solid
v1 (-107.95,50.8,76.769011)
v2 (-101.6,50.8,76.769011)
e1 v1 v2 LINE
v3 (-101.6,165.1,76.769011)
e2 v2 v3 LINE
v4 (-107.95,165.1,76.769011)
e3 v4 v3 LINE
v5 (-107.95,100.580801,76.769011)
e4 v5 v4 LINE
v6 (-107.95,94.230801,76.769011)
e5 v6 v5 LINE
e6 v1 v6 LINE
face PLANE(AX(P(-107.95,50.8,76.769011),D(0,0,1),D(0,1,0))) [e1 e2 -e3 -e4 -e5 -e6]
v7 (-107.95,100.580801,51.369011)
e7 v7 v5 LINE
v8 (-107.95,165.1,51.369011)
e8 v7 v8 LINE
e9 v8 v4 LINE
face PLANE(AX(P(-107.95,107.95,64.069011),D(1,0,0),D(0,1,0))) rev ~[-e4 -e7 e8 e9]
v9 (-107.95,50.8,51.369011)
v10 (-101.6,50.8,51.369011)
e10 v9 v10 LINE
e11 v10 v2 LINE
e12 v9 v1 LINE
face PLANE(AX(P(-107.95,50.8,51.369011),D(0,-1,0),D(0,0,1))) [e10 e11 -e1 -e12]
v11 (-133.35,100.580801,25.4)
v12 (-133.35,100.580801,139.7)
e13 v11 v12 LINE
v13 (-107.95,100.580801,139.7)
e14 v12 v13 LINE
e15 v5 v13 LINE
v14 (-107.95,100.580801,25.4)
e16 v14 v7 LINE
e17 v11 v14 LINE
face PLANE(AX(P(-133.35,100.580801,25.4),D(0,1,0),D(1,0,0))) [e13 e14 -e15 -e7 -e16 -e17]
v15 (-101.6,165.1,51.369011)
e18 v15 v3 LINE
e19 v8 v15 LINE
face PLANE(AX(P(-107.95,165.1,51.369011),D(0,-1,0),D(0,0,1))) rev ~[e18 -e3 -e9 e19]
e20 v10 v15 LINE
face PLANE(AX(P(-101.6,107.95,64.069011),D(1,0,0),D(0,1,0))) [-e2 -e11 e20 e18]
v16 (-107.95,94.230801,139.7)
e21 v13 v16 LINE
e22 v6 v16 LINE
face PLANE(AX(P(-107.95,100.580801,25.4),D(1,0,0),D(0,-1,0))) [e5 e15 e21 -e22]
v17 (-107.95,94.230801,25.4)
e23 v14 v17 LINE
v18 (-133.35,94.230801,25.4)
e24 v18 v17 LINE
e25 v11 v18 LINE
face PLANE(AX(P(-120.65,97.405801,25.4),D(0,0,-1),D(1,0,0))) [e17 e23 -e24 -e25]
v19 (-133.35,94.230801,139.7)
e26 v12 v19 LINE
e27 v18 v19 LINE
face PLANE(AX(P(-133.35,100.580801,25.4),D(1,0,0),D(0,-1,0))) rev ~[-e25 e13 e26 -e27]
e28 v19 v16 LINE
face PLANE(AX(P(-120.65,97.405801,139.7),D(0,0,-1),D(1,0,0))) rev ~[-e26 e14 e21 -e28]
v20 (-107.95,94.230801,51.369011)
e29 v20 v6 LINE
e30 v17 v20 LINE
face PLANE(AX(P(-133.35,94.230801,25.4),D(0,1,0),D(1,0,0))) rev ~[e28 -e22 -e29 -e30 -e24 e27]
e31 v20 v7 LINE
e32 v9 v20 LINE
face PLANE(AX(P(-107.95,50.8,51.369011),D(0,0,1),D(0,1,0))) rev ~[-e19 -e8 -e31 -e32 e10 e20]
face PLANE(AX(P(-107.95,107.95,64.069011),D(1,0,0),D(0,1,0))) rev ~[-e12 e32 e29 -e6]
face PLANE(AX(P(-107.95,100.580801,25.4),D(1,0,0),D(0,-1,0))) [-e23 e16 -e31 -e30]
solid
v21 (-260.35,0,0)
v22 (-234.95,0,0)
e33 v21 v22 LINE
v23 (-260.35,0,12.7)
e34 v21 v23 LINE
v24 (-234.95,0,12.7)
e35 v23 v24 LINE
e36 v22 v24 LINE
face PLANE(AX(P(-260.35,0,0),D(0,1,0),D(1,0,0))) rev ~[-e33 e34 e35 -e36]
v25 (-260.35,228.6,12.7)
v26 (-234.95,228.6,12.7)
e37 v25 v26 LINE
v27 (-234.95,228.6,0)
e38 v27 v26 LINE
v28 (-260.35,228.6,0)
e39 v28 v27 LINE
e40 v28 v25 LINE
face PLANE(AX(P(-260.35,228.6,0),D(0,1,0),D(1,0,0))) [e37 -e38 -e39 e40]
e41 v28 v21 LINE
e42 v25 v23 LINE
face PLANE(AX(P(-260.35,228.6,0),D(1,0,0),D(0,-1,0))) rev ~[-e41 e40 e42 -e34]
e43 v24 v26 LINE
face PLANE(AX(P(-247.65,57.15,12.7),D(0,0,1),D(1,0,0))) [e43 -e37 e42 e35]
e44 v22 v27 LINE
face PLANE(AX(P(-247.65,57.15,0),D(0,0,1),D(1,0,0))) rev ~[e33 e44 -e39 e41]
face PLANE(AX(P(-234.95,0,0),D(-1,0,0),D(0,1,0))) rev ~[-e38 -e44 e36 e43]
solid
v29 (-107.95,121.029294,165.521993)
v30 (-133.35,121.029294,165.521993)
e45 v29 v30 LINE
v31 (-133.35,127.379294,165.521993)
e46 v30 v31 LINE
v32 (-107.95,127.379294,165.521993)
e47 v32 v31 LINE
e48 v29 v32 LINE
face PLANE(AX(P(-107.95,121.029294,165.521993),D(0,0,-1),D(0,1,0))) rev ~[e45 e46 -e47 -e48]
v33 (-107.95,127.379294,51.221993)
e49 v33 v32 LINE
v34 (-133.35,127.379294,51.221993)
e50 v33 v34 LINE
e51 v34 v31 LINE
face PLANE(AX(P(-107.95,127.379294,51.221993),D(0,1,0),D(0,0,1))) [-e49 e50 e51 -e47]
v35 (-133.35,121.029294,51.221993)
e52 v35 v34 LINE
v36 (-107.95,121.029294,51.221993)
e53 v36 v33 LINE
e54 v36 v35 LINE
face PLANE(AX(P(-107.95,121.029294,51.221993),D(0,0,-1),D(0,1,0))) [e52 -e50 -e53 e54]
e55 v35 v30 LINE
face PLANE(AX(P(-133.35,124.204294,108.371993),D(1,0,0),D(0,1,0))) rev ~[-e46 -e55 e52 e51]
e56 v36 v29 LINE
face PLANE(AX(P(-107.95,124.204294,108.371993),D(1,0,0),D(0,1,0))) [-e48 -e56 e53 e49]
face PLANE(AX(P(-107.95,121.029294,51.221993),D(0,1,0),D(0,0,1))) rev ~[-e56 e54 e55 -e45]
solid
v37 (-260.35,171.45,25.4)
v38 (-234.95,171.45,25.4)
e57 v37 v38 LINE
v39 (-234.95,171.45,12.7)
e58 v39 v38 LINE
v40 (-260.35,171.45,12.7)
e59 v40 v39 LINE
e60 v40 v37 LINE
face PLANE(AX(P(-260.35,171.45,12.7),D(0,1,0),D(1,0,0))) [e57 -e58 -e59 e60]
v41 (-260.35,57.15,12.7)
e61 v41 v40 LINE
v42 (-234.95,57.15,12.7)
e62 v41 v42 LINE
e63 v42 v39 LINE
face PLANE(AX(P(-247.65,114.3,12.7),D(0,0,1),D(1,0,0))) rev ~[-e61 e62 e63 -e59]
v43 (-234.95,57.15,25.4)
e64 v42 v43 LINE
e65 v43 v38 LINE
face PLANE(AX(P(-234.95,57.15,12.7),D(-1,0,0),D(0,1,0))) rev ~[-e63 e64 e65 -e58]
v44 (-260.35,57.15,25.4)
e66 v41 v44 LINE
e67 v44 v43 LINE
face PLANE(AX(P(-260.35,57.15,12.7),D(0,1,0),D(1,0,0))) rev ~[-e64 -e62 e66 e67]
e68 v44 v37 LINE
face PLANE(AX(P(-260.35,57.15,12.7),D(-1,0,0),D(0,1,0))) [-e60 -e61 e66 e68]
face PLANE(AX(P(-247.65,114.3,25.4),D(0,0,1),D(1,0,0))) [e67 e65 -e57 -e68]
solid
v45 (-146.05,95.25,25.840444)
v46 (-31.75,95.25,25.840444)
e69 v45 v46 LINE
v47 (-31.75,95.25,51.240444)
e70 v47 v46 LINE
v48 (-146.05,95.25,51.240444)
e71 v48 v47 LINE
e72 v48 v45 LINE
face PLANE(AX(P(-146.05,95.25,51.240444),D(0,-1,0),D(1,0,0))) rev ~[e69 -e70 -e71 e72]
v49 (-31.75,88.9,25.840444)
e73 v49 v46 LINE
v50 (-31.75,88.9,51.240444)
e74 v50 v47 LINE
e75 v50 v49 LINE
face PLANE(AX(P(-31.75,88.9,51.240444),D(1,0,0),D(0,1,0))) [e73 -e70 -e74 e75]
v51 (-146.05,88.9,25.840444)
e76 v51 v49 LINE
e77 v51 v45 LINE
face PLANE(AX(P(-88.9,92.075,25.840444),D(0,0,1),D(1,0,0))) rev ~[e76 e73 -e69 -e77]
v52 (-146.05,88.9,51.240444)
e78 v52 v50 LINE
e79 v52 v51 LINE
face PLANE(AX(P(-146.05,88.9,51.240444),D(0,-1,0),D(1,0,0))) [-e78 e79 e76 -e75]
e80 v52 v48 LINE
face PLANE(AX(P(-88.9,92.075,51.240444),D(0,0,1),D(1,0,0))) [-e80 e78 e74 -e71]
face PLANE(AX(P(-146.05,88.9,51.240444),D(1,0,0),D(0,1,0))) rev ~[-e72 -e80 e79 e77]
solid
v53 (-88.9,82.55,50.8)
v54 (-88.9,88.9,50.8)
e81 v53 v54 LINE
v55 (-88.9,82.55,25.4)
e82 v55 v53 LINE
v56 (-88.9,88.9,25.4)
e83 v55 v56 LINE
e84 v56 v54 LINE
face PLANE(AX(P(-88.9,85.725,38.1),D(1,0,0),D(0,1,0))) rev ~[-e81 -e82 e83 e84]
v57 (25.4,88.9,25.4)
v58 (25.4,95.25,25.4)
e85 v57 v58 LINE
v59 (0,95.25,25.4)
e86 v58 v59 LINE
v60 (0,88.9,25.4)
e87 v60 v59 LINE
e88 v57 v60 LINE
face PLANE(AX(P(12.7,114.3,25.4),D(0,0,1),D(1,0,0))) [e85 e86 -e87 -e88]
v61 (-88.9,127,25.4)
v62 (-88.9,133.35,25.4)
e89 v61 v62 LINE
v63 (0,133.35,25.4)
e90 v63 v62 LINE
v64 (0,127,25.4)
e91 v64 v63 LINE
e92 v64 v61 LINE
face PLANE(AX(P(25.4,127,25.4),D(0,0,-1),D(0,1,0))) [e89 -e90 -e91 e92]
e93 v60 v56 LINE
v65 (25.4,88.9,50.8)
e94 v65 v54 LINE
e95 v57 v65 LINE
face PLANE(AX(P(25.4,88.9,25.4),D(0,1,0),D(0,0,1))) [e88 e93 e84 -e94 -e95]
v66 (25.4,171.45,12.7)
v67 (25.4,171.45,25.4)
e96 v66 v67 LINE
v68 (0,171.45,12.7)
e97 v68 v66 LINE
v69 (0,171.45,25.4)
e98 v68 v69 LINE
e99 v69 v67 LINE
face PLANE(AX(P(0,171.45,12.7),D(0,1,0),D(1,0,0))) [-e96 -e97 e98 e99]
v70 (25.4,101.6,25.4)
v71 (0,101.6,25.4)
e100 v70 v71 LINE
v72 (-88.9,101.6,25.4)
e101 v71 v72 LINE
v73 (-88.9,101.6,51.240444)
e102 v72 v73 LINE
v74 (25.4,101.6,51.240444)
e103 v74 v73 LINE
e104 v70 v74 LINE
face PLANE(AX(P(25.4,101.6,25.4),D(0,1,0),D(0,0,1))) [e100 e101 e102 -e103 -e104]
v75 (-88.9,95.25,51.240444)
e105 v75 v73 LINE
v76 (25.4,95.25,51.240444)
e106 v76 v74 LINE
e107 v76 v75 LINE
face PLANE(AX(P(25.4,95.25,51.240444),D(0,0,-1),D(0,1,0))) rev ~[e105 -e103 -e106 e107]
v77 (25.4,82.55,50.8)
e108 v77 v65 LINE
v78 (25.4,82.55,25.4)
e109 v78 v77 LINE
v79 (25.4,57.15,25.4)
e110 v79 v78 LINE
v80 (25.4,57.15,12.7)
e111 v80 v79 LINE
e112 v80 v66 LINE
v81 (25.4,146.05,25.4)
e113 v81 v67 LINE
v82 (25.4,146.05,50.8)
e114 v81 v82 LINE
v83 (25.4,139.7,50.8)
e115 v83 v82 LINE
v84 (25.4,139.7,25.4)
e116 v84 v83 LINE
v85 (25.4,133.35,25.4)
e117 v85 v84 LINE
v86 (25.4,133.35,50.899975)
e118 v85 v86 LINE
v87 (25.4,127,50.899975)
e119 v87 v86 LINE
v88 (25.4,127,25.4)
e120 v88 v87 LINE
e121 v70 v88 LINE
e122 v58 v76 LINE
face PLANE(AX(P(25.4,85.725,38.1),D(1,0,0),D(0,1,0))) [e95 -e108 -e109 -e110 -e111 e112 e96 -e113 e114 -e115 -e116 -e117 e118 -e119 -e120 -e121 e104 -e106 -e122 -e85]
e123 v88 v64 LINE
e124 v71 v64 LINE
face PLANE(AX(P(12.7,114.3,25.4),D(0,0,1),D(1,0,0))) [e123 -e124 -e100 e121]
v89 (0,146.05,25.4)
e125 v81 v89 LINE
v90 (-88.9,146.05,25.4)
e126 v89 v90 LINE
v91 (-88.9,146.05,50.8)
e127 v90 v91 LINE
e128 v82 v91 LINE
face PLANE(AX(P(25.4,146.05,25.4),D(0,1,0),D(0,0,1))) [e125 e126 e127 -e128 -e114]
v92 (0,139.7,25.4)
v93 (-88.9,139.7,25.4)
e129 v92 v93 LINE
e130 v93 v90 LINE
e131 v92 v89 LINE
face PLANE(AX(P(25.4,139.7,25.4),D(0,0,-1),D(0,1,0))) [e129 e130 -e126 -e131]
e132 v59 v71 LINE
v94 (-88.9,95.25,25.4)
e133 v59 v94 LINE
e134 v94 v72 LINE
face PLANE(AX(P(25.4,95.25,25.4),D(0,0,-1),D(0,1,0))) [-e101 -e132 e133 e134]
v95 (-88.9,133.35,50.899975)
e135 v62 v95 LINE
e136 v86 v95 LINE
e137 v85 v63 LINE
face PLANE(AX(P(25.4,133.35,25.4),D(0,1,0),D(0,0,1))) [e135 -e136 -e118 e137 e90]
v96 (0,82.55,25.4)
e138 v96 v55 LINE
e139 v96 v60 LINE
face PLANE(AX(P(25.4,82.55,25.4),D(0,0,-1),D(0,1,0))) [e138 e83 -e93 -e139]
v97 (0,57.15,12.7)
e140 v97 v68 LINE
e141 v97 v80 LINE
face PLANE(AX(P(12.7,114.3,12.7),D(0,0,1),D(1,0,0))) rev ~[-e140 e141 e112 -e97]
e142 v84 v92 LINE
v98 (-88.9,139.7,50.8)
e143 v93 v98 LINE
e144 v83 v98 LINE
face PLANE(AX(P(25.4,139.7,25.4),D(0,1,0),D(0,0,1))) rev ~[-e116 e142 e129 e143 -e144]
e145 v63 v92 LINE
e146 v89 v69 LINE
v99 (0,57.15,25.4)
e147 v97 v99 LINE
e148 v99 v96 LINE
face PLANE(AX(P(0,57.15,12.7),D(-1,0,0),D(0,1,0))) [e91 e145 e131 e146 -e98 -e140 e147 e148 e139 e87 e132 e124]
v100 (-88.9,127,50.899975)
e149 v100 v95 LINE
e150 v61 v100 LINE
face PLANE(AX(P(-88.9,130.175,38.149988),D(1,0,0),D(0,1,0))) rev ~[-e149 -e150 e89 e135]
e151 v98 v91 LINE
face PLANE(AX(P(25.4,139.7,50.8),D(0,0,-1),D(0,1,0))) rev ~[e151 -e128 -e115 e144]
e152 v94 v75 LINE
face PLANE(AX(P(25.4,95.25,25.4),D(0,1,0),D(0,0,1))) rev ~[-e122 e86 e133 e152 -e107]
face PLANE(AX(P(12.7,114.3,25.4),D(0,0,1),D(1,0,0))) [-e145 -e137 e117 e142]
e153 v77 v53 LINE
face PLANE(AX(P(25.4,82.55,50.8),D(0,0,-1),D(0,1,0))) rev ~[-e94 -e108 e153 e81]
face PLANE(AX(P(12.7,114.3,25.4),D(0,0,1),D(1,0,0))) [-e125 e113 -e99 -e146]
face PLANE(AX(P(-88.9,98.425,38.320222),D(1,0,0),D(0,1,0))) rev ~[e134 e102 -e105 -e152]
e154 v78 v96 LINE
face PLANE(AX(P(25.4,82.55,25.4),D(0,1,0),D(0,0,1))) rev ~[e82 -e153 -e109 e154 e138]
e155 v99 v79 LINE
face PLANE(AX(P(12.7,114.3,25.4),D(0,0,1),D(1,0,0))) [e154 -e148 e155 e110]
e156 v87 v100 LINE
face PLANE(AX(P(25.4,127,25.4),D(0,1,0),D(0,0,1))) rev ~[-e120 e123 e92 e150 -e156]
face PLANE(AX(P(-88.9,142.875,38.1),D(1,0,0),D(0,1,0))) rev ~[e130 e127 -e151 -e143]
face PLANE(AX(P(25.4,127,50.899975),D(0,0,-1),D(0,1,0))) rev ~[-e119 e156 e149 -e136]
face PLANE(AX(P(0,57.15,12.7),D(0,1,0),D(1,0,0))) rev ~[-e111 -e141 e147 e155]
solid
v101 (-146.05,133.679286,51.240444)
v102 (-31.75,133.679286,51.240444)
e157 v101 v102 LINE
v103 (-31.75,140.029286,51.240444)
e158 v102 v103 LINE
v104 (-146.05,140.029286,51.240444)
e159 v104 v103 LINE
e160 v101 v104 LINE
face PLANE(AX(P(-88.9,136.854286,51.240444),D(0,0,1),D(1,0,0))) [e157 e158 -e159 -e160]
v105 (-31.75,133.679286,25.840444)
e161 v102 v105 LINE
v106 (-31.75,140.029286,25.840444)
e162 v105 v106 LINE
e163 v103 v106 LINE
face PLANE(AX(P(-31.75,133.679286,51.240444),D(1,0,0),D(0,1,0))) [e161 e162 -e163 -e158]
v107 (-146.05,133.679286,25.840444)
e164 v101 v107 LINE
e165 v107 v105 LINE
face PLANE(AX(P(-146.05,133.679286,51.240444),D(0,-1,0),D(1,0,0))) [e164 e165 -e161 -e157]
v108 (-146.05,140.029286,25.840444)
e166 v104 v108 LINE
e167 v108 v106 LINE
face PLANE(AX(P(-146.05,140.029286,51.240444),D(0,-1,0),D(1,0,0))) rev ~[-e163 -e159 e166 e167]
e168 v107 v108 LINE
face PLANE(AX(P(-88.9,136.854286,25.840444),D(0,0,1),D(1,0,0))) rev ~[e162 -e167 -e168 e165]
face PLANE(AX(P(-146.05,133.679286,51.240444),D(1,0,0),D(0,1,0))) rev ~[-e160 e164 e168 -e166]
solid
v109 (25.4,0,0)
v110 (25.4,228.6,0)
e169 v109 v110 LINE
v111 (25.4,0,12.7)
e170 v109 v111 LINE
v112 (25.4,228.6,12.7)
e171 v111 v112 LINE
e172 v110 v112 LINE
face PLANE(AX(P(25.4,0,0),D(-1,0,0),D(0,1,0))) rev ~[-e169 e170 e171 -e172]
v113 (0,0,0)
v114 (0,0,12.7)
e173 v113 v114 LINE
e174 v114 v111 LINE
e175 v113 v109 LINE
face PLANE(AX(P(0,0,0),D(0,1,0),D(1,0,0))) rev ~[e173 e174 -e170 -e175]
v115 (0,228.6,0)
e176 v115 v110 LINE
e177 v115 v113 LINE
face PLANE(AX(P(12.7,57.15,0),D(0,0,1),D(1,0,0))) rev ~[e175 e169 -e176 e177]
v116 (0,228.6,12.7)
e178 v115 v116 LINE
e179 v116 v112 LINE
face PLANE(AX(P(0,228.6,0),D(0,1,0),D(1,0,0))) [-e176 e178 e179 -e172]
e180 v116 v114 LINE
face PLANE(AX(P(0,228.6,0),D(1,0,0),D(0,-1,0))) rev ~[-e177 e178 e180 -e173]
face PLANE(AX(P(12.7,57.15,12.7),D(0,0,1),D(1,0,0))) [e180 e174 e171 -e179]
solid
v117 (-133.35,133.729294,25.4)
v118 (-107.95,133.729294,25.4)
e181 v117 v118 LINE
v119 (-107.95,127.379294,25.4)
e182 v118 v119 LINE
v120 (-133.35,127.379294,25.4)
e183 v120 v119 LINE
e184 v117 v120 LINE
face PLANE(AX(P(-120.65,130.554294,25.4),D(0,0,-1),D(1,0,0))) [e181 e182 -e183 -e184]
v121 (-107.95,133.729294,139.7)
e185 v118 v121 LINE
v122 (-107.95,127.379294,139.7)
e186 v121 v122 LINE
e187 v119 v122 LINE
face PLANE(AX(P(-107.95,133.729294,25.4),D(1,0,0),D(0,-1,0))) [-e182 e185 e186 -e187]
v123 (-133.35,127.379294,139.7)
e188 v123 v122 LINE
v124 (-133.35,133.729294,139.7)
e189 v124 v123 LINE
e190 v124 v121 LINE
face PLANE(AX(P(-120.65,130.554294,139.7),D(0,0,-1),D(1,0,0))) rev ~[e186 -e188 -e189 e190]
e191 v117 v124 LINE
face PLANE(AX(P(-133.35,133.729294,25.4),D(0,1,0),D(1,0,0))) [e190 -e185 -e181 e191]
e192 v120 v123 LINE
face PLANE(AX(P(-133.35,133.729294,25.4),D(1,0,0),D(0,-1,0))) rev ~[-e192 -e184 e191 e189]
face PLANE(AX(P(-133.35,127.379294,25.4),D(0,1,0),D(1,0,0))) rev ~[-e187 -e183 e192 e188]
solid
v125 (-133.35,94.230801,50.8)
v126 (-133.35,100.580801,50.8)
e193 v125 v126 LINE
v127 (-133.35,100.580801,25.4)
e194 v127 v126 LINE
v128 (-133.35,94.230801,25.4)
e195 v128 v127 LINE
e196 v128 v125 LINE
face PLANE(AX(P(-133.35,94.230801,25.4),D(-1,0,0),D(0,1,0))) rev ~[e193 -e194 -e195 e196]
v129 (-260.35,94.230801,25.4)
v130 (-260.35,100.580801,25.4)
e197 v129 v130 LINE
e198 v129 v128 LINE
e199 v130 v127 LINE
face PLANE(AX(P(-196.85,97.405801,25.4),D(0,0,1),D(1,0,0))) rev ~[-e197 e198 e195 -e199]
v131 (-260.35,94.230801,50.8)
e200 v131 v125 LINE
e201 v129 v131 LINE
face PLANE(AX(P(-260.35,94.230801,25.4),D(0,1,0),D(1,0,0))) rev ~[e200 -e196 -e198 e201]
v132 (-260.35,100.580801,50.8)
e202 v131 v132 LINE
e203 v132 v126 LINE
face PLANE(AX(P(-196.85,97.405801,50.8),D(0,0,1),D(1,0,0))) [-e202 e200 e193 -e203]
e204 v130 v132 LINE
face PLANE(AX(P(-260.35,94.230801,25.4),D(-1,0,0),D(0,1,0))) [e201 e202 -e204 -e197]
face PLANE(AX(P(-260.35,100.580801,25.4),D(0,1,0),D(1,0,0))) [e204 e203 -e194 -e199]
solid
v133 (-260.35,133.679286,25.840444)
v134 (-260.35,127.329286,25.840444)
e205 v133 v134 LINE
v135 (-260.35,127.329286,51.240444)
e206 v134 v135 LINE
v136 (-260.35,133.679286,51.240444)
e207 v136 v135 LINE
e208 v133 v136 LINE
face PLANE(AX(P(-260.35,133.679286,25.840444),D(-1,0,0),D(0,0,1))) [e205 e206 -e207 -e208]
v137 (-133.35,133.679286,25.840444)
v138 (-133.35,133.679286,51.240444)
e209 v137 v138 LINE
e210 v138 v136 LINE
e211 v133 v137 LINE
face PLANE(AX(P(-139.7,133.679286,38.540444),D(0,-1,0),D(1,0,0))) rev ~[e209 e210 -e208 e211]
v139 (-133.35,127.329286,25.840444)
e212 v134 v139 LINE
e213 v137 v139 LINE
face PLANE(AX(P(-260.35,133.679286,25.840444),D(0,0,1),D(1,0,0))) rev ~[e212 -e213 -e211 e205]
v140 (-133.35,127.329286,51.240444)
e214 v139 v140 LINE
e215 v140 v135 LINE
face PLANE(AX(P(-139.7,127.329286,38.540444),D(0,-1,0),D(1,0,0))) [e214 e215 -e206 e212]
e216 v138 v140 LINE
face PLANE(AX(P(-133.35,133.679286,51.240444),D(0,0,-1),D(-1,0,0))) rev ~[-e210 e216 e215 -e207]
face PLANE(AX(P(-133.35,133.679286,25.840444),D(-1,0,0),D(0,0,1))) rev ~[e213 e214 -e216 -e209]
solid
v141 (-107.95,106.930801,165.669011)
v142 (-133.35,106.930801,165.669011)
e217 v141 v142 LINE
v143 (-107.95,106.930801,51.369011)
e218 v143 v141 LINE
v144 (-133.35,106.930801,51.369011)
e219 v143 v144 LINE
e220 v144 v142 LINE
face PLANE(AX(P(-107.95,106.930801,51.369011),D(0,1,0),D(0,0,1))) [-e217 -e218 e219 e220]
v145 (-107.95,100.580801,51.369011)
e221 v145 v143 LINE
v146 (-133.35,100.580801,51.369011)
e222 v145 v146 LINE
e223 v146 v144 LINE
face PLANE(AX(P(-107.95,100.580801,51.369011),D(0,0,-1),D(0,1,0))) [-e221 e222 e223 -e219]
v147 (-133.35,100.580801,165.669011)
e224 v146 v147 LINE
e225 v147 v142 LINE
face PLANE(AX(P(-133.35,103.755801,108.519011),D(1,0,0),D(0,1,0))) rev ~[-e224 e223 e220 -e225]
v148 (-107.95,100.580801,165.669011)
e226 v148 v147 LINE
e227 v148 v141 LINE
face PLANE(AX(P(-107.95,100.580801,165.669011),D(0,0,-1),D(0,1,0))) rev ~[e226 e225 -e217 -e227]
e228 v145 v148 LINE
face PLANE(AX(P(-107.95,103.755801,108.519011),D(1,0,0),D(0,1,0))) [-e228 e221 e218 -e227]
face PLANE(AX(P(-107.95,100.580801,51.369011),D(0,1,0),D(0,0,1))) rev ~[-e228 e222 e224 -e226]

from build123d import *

# Parameters (mm, degrees)
F0_W      = 25.4
F0_H      = 114.3
F1_DEPTH  = 12.7
F2_W      = 25.4
F2_H      = 114.3
F3_DEPTH  = 12.7
F4_W      = 6.35
F4_H      = 25.4
F4_H_2    = 25.8404441833
F4_H_3    = 25.4999750018
F5_DEPTH  = 114.3
F6_W      = 114.3
F6_H      = 6.35
F7_DEPTH  = 25.4
F8_W      = 12.7
F8_H      = 25.4
F8_W_2    = 114.3
F9_DEPTH  = 6.35
F10_W     = 127
F10_H     = 6.35
F11_DEPTH = 25.4
F12_W     = 25.4
F12_H     = 6.35
F13_DEPTH = 114.3
F14_W     = 6.35
F14_H     = 114.3
F15_DEPTH = 25.4
F16_W     = 6.35
F16_H     = 114.3
F17_DEPTH = 25.4
F18_W     = 114.3
F18_H     = 25.4
F19_DEPTH = 6.35


with BuildPart() as f1:
    # F0 (on Top) → F1 (new body)
    with BuildSketch(Plane.XY):
        with Locations((12.7, 57.15)):
            Rectangle(F0_W, F0_H)
        with Locations((12.7, 171.45)):
            Rectangle(F0_W, F0_H)
    extrude(amount=F1_DEPTH)


with BuildPart() as f1b:
    # F0 (on Top) → F1, piece 2 (new body)
    with BuildSketch(Plane.XY):
        with Locations((-247.65, 57.15)):
            Rectangle(F0_W, F0_H)
        with Locations((-247.65, 171.45)):
            Rectangle(F0_W, F0_H)
    extrude(amount=F1_DEPTH)


with BuildPart() as f3:
    # F2 (on face) → F3 (new body)
    with BuildSketch(Plane.XY.offset(12.7)):
        with Locations((-247.65, 114.3)):
            Rectangle(F2_W, F2_H)
    extrude(amount=F3_DEPTH)


with BuildPart() as f3b:
    # F2 (on face) → F3, piece 2 (new body)
    with BuildSketch(Plane.XY.offset(12.7)):
        with Locations((12.7, 114.3)):
            Rectangle(F2_W, F2_H)
    extrude(amount=F3_DEPTH)

    # F4 (on face) → F5 (join)
    with BuildSketch(Plane.YZ.offset(25.4)):
        with Locations((85.725, 38.1)):
            Rectangle(F4_W, F4_H)
        with Locations((142.875, 38.1)):
            Rectangle(F4_W, F4_H)
        with Locations((98.425, 38.3202220917)):
            Rectangle(F4_W, F4_H_2)
        with Locations((130.175, 38.1499875009)):
            Rectangle(F4_W, F4_H_3)
    extrude(amount=-F5_DEPTH)


with BuildPart() as f7:
    # F6 (on face) → F7 (new body)
    with BuildSketch(Plane.XY.offset(51.2404441833)):
        with Locations((-88.9, 92.075)):
            Rectangle(F6_W, F6_H)
    extrude(amount=-F7_DEPTH)


with BuildPart() as f7b:
    # F6 (on face) → F7, piece 2 (new body)
    with BuildSketch(Plane.XY.offset(51.2404441833)):
        with Locations((-88.9, 136.8542856455)):
            Rectangle(F6_W, F6_H)
    extrude(amount=-F7_DEPTH)


with BuildPart() as f9:
    # F8 (on face) → F9 (new body)
    with BuildSketch(Plane.XZ.offset(-133.6792856455)):
        with Locations((-139.7, 38.5404441833)):
            Rectangle(F8_W, F8_H)
        with Locations((-203.2, 38.5404441833)):
            Rectangle(F8_W_2, F8_H)
    extrude(amount=F9_DEPTH)


with BuildPart() as f11:
    # F10 (on face) → F11 (new body)
    with BuildSketch(Plane.XY.offset(25.4)):
        with Locations((-196.85, 97.4058008671)):
            Rectangle(F10_W, F10_H)
    extrude(amount=F11_DEPTH)


with BuildPart() as f13:
    # F12 (on face) → F13 (new body)
    with BuildSketch(Plane(origin=(0, 0, 25.4), x_dir=(1, 0, 0), z_dir=(0, 0, -1))):
        with Locations((-120.65, -97.4058008671)):
            Rectangle(F12_W, F12_H)
    extrude(amount=-F13_DEPTH)

    # F18 (on face) → F19 (join)
    with BuildSketch(Plane.YZ.offset(-107.95)):
        with Locations((107.95, 64.0690114021)):
            Rectangle(F18_W, F18_H)
    extrude(amount=F19_DEPTH)


with BuildPart() as f13b:
    # F12 (on face) → F13, piece 2 (new body)
    with BuildSketch(Plane(origin=(0, 0, 25.4), x_dir=(1, 0, 0), z_dir=(0, 0, -1))):
        with Locations((-120.65, -130.5542939425)):
            Rectangle(F12_W, F12_H)
    extrude(amount=-F13_DEPTH)


with BuildPart() as f15:
    # F14 (on face) → F15 (new body)
    with BuildSketch(Plane.YZ.offset(-107.95)):
        with Locations((124.2042939425, 108.3719928205)):
            Rectangle(F14_W, F14_H)
    extrude(amount=-F15_DEPTH)


with BuildPart() as f17:
    # F16 (on face) → F17 (new body)
    with BuildSketch(Plane.YZ.offset(-107.95)):
        with Locations((103.7558008671, 108.5190114021)):
            Rectangle(F16_W, F16_H)
    extrude(amount=-F17_DEPTH)


solid = Compound([f1.part, f1b.part, f3.part, f3b.part, f7.part, f7b.part, f9.part, f11.part, f13.part, f13b.part, f15.part, f17.part])
